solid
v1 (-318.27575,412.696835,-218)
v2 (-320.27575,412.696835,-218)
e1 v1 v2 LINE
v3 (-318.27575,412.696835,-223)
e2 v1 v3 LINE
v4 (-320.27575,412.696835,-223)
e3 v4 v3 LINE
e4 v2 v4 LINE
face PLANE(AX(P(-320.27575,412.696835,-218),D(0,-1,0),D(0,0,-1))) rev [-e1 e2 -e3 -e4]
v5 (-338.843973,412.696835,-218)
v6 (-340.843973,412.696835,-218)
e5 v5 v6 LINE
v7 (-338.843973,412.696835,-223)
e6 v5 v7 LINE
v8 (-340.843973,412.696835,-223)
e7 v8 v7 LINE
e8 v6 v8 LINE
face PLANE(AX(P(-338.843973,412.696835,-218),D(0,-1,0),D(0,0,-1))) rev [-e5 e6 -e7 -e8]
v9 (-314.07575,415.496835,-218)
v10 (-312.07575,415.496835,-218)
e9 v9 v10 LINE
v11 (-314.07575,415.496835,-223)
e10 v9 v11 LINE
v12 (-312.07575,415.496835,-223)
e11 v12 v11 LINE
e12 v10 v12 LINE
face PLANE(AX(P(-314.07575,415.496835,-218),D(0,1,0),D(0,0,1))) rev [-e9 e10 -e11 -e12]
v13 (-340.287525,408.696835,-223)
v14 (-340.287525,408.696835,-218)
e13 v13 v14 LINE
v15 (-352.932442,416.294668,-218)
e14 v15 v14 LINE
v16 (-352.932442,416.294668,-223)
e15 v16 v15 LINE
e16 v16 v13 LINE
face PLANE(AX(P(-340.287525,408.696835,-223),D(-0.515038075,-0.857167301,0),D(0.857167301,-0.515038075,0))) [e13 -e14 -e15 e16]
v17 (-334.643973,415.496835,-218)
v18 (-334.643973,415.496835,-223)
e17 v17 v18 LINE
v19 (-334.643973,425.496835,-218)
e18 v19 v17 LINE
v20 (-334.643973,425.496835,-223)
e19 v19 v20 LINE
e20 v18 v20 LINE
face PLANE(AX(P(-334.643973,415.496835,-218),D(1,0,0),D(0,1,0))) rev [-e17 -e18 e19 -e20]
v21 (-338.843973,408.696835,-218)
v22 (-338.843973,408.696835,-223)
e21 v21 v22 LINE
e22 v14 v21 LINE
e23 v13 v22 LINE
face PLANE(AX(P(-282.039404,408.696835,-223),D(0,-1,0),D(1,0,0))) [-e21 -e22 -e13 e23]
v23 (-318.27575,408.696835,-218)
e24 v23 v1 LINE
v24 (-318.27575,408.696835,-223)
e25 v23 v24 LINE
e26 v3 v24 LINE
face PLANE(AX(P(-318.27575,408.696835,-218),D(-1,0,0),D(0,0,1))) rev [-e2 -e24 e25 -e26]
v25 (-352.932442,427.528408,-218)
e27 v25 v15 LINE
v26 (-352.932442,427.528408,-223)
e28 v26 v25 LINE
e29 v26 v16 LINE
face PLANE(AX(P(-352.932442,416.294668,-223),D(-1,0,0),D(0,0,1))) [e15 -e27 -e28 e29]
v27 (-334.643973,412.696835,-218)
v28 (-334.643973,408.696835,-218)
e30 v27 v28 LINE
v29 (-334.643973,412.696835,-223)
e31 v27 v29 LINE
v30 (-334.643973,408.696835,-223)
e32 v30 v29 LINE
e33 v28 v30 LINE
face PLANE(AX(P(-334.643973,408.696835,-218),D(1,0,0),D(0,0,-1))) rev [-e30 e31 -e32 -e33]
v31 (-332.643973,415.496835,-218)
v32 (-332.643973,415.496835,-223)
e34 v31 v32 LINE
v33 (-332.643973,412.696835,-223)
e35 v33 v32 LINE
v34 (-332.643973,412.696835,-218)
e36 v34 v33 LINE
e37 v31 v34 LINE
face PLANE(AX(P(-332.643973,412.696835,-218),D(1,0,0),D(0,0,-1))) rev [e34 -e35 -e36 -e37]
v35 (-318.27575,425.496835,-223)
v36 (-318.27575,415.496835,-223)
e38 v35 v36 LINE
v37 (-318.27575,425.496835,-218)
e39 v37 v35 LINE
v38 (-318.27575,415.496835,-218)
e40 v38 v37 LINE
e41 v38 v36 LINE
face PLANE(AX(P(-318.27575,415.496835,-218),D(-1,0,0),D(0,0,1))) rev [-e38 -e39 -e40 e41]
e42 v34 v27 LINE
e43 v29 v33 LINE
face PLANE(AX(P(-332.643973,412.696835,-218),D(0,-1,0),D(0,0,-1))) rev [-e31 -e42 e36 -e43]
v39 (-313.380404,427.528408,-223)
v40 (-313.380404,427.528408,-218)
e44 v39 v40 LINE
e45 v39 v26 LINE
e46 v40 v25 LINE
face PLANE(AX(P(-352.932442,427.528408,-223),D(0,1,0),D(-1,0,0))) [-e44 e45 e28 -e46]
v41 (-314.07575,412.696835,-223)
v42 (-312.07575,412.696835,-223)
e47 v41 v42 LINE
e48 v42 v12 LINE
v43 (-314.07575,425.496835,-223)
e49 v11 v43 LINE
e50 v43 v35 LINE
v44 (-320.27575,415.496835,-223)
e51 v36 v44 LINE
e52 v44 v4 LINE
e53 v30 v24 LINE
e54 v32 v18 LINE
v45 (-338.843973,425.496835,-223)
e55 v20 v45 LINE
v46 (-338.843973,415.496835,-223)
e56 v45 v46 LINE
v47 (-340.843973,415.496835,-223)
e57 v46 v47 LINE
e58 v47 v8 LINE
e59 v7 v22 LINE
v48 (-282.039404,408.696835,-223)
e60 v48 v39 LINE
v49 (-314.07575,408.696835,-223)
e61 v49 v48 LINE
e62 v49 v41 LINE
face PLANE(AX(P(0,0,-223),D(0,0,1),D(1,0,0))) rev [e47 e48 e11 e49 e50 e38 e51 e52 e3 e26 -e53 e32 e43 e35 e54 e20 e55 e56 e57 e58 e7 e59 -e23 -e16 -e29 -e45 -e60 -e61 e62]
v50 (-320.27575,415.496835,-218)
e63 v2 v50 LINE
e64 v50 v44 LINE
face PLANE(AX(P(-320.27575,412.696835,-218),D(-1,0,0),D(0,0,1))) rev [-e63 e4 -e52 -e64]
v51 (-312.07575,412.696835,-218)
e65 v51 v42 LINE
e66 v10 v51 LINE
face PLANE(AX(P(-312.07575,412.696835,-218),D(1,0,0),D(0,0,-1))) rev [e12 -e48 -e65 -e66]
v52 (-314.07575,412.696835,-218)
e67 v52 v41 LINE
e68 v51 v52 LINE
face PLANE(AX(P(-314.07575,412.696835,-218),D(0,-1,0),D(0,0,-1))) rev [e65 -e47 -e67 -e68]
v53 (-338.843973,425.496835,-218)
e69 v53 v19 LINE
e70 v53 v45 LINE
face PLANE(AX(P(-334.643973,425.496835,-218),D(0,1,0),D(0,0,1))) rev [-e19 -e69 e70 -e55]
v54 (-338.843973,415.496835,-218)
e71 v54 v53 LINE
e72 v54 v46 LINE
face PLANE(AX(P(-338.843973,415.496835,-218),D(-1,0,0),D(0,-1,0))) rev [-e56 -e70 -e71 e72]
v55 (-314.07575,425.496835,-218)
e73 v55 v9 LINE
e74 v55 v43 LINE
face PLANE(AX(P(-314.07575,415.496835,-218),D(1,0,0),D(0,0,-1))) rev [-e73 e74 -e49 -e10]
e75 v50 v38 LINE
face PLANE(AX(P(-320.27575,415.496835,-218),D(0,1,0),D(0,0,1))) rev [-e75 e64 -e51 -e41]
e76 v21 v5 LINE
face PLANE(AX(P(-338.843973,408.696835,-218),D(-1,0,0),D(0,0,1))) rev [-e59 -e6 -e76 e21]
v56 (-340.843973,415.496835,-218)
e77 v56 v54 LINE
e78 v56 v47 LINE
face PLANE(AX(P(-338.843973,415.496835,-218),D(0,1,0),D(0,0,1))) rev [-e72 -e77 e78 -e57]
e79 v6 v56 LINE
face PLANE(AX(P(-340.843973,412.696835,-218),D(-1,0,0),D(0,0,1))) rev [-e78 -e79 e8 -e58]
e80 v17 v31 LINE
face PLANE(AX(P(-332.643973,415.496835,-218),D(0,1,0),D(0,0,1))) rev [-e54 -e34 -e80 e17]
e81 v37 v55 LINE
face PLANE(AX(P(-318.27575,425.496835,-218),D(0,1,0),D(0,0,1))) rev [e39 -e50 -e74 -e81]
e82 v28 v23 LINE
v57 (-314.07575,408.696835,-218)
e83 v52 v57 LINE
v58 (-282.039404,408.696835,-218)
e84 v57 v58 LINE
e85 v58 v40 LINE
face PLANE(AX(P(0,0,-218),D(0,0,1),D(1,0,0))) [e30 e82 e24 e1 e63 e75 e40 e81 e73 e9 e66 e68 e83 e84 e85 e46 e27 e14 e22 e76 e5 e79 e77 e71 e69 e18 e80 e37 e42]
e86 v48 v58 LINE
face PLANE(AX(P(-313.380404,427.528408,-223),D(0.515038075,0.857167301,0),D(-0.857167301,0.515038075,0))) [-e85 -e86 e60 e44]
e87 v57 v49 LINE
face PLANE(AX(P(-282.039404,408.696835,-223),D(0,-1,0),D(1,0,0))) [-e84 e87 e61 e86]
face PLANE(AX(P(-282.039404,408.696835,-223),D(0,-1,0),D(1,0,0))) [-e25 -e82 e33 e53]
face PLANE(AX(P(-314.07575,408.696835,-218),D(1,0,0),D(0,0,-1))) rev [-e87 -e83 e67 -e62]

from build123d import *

# Parameters (mm, degrees)
BOSS_EXTRUDE1_DEPTH     = 5
CUT_EXTRUDE1_DEPTH      = 1
CUT_EXTRUDE1_DEPTH_BACK = 6


with BuildPart() as part:
    # Sketch3 → Boss-Extrude1 (new body)
    with BuildSketch(Plane.XY.offset(-218.000000001)):
        Polygon((-282.039404117, 408.696835159), (-340.287524909, 408.696835159), (-352.932442284, 416.294668041), (-352.932442284, 427.528407952), (-313.380404337, 427.528407952), align=None)
    extrude(amount=-BOSS_EXTRUDE1_DEPTH)

    # Sketch4 → Cut-Extrude1 (cut, two sides)
    with BuildSketch(Plane(origin=(0, 0, -223.000000001), x_dir=(-1, 0, 0), z_dir=(0, 0, -1))) as cut_extrude1_sk:
        Polygon((318.275750374, 408.696835159), (314.075750374, 408.696835159), (314.075750374, 412.696835159), (312.075750374, 412.696835159), (312.075750374, 415.496835159), (314.075750374, 415.496835159), (314.075750374, 425.496835159), (318.275750374, 425.496835159), (318.275750374, 415.496835159), (320.275750374, 415.496835159), (320.275750374, 412.696835159), (318.275750374, 412.696835159), align=None)
        Polygon((338.843972624, 412.696835159), (340.843972624, 412.696835159), (340.843972624, 415.496835159), (338.843972624, 415.496835159), (338.843972624, 425.496835159), (334.643972624, 425.496835159), (334.643972624, 415.496835159), (332.643972624, 415.496835159), (332.643972624, 412.696835159), (334.643972624, 412.696835159), (334.643972624, 408.696835159), (338.843972624, 408.696835159), align=None)
    extrude(amount=CUT_EXTRUDE1_DEPTH, mode=Mode.SUBTRACT)
    extrude(cut_extrude1_sk.sketch, amount=-CUT_EXTRUDE1_DEPTH_BACK, mode=Mode.SUBTRACT)


solid = part.part
